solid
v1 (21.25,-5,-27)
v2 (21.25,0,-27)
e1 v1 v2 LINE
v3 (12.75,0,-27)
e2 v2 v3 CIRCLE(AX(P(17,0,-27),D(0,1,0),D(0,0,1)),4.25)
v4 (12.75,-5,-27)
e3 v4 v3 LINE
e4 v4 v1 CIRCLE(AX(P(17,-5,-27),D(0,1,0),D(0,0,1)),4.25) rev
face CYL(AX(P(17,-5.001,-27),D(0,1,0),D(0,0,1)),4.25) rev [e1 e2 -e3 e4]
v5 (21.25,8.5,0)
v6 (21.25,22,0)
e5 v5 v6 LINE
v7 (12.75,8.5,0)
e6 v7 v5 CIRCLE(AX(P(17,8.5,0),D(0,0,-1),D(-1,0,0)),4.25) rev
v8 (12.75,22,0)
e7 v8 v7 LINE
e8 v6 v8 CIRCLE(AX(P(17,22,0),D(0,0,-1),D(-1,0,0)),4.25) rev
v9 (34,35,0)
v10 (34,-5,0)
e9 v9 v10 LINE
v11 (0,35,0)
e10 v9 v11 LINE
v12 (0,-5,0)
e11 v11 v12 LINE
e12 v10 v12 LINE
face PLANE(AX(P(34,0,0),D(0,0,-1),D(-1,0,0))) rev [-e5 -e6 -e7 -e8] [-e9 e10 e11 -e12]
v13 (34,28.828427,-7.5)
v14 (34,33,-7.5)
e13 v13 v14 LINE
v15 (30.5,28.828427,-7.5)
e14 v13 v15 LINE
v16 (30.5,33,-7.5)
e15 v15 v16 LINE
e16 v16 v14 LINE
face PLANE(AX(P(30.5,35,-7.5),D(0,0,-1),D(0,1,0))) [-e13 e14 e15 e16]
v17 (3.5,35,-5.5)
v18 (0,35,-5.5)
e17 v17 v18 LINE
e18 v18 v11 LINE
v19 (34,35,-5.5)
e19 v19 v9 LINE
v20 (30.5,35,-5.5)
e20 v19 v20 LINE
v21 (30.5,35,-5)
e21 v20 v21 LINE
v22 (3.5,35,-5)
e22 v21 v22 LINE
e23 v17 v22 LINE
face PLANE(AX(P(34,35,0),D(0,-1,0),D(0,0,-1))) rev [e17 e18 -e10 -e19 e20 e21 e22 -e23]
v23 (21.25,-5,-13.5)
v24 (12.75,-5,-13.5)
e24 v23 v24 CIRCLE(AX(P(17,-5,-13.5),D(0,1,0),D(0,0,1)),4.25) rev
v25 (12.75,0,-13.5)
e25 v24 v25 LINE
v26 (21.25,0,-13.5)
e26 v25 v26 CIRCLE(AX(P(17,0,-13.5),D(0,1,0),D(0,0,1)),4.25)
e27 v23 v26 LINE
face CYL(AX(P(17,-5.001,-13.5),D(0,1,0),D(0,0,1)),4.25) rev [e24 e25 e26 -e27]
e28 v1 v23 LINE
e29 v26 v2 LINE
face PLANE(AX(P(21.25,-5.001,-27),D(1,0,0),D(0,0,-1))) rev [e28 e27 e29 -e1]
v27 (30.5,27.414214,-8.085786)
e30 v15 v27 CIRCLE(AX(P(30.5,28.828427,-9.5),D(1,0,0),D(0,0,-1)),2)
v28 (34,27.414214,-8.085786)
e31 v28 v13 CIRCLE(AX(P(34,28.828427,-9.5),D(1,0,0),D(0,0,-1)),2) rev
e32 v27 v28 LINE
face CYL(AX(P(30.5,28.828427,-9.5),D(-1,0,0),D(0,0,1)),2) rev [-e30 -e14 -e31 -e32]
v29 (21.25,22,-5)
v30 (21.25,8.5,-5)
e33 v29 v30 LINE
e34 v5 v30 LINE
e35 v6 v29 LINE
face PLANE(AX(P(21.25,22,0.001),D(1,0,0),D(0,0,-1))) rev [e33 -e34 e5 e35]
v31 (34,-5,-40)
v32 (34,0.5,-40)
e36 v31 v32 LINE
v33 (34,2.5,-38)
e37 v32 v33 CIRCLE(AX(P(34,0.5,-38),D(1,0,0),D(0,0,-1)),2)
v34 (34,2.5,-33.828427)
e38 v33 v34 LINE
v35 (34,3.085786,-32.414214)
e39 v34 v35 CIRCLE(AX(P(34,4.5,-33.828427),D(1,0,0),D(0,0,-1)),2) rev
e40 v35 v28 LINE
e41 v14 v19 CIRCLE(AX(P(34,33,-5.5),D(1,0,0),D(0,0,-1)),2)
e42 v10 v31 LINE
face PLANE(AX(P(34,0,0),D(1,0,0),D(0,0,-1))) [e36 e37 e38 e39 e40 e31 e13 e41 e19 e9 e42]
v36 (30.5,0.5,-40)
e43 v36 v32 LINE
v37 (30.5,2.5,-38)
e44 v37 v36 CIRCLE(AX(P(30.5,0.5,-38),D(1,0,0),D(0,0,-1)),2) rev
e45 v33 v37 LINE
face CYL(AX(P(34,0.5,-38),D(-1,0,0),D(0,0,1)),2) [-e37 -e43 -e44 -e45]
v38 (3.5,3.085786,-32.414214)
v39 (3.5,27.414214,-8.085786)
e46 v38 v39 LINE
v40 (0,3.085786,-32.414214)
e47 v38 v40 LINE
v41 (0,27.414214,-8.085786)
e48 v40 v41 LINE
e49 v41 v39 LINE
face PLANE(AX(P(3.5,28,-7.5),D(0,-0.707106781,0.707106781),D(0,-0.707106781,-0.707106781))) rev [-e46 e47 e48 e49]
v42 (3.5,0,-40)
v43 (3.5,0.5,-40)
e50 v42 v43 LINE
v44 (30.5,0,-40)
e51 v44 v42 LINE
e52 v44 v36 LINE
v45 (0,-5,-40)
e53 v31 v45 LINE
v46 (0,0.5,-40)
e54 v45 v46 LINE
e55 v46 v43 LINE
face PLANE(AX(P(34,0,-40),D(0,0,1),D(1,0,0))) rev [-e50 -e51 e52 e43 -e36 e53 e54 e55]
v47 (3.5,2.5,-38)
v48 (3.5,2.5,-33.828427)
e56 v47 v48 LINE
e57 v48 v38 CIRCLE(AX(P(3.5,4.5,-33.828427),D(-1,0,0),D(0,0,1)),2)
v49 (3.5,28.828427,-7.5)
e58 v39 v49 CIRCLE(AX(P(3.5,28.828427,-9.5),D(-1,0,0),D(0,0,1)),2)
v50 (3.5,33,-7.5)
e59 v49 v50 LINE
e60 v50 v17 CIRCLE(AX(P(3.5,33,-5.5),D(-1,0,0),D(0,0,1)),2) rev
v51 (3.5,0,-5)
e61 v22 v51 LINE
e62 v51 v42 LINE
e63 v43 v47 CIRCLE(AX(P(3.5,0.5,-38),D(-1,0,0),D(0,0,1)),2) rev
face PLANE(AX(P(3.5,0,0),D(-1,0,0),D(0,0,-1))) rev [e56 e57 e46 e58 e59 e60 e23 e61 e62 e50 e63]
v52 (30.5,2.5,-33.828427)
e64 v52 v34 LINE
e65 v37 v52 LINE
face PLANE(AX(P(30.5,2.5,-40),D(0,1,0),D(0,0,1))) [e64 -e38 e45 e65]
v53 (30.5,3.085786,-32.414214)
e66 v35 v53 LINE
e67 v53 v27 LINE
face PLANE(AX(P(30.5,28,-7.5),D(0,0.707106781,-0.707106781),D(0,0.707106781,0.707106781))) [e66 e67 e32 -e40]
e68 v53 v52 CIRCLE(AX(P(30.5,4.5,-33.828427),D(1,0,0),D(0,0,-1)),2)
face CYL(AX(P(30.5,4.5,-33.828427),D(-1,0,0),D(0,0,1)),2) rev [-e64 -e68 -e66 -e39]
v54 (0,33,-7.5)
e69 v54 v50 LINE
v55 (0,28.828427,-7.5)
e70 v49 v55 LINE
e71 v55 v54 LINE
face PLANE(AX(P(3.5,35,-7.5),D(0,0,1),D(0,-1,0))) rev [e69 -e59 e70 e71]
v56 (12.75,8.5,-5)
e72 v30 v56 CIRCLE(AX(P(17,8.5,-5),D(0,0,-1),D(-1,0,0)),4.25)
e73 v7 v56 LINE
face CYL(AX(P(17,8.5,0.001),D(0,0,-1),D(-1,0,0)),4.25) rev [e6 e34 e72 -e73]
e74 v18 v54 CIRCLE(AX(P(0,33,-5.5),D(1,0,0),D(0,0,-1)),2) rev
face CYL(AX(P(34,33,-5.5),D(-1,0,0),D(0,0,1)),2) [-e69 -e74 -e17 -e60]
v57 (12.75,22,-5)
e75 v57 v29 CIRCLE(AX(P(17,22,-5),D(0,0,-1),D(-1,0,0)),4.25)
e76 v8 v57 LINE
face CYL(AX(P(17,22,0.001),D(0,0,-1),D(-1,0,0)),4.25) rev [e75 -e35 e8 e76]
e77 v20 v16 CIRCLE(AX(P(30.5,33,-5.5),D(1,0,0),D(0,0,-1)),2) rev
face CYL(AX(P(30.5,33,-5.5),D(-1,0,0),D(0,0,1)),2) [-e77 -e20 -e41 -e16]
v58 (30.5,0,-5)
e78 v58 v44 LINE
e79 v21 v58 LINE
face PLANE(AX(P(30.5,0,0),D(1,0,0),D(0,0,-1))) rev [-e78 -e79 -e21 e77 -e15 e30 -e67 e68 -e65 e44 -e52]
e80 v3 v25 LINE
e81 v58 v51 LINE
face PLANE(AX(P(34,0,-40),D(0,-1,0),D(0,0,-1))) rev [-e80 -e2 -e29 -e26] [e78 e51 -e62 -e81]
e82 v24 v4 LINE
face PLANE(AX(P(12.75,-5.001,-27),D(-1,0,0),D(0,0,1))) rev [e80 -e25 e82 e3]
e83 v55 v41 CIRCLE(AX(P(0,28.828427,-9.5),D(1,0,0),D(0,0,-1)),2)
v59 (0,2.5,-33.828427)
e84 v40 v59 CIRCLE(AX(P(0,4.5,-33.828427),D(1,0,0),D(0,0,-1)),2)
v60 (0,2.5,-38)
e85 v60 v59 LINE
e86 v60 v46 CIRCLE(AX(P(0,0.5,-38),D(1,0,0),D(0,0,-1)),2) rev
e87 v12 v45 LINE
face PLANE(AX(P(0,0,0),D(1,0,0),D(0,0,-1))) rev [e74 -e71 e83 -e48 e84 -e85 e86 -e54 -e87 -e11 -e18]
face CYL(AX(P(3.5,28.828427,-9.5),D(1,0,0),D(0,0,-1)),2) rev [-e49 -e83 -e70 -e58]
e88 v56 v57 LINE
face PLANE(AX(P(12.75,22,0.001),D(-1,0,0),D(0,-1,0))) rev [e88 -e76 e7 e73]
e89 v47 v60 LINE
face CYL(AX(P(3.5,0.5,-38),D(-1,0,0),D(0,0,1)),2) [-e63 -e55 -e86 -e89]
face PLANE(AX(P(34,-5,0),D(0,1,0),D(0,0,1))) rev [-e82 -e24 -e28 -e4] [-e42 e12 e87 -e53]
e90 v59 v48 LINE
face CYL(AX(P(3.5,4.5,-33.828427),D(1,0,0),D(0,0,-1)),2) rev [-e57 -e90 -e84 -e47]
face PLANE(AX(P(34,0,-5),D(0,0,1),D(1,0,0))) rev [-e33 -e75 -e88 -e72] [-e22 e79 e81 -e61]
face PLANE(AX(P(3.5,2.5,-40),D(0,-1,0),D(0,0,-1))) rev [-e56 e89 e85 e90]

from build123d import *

# Parameters (mm, degrees)
EXTRUDE_1_DEPTH     = 34
EXTRUDE_2_DEPTH     = 3.5
CUT_EXTRUDE_1_REACH = 62.05
CUT_EXTRUDE_2_REACH = 65.095
FILLET_1_R          = 2


with BuildPart() as part:
    # 草图1 → 凸台-拉伸1 (new body)
    with BuildSketch(Plane(origin=(0, 0, 0), x_dir=(0, 0, -1), z_dir=(1, 0, 0))):
        Polygon((0, 0), (0, 35), (5, 35), (5, 0), (40, 0), (40, -5), (0, -5), align=None)
    extrude(amount=EXTRUDE_1_DEPTH)

    # 草图2 → 凸台-拉伸2 (add)
    with BuildSketch(Plane(origin=(34, 0, 0), x_dir=(0, 0, -1), z_dir=(1, 0, 0))):
        Polygon((40, 0), (40, 2.5), (33, 2.5), (7.5, 28), (7.5, 35), (5, 35), (5, 0), align=None)
    extrude_2 = extrude(amount=-EXTRUDE_2_DEPTH)

    # 镜向1: 凸台-拉伸2 across plane
    add(extrude_2.mirror(Plane(origin=(17, 0, 0), x_dir=(0, 0, 1), z_dir=(1, 0, 0))))

    # 草图4 → 切除-拉伸1 (cut, up to next)
    with BuildSketch(Plane(origin=(0, 0, -5), x_dir=(-1, 0, 0), z_dir=(0, 0, -1)), mode=Mode.PRIVATE) as cut_extrude_1_sk1:
        with BuildLine():
            Line((-12.75, 22), (-12.75, 8.5))
            ThreePointArc((-12.75, 8.5), (-17, 4.25), (-21.25, 8.5))
            Line((-21.25, 8.5), (-21.25, 22))
            ThreePointArc((-21.25, 22), (-17, 26.25), (-12.75, 22))
        make_face()
    cut_extrude_1_tool1 = extrude(cut_extrude_1_sk1.sketch, amount=-CUT_EXTRUDE_1_REACH, mode=Mode.PRIVATE) & part.part
    add(cut_extrude_1_tool1.solids().sort_by_distance((17, 15.25, -5))[0], mode=Mode.SUBTRACT)

    # 草图5 → 切除-拉伸2 (cut, up to next)
    with BuildSketch(Plane(origin=(0, 0, 0), x_dir=(1, 0, 0), z_dir=(0, 1, 0)), mode=Mode.PRIVATE) as cut_extrude_2_sk1:
        with BuildLine():
            Line((21.25, 27), (21.25, 13.5))
            ThreePointArc((21.25, 13.5), (17, 9.25), (12.75, 13.5))
            Line((12.75, 13.5), (12.75, 27))
            ThreePointArc((12.75, 27), (17, 31.25), (21.25, 27))
        make_face()
    cut_extrude_2_tool1 = extrude(cut_extrude_2_sk1.sketch, amount=-CUT_EXTRUDE_2_REACH, mode=Mode.PRIVATE) & part.part
    add(cut_extrude_2_tool1.solids().sort_by_distance((17, 0, -20.25))[0], mode=Mode.SUBTRACT)

    # 圆角1
    fillet_1_edges = [part.edges().sort_by_distance(p)[0] for p in [
        (32.25, 35, -7.5),
        (32.25, 28, -7.5),
        (32.25, 2.5, -33),
        (32.25, 2.5, -40),
        (1.75, 2.5, -40),
        (1.75, 2.5, -33),
        (1.75, 28, -7.5),
        (1.75, 35, -7.5),
    ]]
    fillet(fillet_1_edges, radius=FILLET_1_R)


solid = part.part
